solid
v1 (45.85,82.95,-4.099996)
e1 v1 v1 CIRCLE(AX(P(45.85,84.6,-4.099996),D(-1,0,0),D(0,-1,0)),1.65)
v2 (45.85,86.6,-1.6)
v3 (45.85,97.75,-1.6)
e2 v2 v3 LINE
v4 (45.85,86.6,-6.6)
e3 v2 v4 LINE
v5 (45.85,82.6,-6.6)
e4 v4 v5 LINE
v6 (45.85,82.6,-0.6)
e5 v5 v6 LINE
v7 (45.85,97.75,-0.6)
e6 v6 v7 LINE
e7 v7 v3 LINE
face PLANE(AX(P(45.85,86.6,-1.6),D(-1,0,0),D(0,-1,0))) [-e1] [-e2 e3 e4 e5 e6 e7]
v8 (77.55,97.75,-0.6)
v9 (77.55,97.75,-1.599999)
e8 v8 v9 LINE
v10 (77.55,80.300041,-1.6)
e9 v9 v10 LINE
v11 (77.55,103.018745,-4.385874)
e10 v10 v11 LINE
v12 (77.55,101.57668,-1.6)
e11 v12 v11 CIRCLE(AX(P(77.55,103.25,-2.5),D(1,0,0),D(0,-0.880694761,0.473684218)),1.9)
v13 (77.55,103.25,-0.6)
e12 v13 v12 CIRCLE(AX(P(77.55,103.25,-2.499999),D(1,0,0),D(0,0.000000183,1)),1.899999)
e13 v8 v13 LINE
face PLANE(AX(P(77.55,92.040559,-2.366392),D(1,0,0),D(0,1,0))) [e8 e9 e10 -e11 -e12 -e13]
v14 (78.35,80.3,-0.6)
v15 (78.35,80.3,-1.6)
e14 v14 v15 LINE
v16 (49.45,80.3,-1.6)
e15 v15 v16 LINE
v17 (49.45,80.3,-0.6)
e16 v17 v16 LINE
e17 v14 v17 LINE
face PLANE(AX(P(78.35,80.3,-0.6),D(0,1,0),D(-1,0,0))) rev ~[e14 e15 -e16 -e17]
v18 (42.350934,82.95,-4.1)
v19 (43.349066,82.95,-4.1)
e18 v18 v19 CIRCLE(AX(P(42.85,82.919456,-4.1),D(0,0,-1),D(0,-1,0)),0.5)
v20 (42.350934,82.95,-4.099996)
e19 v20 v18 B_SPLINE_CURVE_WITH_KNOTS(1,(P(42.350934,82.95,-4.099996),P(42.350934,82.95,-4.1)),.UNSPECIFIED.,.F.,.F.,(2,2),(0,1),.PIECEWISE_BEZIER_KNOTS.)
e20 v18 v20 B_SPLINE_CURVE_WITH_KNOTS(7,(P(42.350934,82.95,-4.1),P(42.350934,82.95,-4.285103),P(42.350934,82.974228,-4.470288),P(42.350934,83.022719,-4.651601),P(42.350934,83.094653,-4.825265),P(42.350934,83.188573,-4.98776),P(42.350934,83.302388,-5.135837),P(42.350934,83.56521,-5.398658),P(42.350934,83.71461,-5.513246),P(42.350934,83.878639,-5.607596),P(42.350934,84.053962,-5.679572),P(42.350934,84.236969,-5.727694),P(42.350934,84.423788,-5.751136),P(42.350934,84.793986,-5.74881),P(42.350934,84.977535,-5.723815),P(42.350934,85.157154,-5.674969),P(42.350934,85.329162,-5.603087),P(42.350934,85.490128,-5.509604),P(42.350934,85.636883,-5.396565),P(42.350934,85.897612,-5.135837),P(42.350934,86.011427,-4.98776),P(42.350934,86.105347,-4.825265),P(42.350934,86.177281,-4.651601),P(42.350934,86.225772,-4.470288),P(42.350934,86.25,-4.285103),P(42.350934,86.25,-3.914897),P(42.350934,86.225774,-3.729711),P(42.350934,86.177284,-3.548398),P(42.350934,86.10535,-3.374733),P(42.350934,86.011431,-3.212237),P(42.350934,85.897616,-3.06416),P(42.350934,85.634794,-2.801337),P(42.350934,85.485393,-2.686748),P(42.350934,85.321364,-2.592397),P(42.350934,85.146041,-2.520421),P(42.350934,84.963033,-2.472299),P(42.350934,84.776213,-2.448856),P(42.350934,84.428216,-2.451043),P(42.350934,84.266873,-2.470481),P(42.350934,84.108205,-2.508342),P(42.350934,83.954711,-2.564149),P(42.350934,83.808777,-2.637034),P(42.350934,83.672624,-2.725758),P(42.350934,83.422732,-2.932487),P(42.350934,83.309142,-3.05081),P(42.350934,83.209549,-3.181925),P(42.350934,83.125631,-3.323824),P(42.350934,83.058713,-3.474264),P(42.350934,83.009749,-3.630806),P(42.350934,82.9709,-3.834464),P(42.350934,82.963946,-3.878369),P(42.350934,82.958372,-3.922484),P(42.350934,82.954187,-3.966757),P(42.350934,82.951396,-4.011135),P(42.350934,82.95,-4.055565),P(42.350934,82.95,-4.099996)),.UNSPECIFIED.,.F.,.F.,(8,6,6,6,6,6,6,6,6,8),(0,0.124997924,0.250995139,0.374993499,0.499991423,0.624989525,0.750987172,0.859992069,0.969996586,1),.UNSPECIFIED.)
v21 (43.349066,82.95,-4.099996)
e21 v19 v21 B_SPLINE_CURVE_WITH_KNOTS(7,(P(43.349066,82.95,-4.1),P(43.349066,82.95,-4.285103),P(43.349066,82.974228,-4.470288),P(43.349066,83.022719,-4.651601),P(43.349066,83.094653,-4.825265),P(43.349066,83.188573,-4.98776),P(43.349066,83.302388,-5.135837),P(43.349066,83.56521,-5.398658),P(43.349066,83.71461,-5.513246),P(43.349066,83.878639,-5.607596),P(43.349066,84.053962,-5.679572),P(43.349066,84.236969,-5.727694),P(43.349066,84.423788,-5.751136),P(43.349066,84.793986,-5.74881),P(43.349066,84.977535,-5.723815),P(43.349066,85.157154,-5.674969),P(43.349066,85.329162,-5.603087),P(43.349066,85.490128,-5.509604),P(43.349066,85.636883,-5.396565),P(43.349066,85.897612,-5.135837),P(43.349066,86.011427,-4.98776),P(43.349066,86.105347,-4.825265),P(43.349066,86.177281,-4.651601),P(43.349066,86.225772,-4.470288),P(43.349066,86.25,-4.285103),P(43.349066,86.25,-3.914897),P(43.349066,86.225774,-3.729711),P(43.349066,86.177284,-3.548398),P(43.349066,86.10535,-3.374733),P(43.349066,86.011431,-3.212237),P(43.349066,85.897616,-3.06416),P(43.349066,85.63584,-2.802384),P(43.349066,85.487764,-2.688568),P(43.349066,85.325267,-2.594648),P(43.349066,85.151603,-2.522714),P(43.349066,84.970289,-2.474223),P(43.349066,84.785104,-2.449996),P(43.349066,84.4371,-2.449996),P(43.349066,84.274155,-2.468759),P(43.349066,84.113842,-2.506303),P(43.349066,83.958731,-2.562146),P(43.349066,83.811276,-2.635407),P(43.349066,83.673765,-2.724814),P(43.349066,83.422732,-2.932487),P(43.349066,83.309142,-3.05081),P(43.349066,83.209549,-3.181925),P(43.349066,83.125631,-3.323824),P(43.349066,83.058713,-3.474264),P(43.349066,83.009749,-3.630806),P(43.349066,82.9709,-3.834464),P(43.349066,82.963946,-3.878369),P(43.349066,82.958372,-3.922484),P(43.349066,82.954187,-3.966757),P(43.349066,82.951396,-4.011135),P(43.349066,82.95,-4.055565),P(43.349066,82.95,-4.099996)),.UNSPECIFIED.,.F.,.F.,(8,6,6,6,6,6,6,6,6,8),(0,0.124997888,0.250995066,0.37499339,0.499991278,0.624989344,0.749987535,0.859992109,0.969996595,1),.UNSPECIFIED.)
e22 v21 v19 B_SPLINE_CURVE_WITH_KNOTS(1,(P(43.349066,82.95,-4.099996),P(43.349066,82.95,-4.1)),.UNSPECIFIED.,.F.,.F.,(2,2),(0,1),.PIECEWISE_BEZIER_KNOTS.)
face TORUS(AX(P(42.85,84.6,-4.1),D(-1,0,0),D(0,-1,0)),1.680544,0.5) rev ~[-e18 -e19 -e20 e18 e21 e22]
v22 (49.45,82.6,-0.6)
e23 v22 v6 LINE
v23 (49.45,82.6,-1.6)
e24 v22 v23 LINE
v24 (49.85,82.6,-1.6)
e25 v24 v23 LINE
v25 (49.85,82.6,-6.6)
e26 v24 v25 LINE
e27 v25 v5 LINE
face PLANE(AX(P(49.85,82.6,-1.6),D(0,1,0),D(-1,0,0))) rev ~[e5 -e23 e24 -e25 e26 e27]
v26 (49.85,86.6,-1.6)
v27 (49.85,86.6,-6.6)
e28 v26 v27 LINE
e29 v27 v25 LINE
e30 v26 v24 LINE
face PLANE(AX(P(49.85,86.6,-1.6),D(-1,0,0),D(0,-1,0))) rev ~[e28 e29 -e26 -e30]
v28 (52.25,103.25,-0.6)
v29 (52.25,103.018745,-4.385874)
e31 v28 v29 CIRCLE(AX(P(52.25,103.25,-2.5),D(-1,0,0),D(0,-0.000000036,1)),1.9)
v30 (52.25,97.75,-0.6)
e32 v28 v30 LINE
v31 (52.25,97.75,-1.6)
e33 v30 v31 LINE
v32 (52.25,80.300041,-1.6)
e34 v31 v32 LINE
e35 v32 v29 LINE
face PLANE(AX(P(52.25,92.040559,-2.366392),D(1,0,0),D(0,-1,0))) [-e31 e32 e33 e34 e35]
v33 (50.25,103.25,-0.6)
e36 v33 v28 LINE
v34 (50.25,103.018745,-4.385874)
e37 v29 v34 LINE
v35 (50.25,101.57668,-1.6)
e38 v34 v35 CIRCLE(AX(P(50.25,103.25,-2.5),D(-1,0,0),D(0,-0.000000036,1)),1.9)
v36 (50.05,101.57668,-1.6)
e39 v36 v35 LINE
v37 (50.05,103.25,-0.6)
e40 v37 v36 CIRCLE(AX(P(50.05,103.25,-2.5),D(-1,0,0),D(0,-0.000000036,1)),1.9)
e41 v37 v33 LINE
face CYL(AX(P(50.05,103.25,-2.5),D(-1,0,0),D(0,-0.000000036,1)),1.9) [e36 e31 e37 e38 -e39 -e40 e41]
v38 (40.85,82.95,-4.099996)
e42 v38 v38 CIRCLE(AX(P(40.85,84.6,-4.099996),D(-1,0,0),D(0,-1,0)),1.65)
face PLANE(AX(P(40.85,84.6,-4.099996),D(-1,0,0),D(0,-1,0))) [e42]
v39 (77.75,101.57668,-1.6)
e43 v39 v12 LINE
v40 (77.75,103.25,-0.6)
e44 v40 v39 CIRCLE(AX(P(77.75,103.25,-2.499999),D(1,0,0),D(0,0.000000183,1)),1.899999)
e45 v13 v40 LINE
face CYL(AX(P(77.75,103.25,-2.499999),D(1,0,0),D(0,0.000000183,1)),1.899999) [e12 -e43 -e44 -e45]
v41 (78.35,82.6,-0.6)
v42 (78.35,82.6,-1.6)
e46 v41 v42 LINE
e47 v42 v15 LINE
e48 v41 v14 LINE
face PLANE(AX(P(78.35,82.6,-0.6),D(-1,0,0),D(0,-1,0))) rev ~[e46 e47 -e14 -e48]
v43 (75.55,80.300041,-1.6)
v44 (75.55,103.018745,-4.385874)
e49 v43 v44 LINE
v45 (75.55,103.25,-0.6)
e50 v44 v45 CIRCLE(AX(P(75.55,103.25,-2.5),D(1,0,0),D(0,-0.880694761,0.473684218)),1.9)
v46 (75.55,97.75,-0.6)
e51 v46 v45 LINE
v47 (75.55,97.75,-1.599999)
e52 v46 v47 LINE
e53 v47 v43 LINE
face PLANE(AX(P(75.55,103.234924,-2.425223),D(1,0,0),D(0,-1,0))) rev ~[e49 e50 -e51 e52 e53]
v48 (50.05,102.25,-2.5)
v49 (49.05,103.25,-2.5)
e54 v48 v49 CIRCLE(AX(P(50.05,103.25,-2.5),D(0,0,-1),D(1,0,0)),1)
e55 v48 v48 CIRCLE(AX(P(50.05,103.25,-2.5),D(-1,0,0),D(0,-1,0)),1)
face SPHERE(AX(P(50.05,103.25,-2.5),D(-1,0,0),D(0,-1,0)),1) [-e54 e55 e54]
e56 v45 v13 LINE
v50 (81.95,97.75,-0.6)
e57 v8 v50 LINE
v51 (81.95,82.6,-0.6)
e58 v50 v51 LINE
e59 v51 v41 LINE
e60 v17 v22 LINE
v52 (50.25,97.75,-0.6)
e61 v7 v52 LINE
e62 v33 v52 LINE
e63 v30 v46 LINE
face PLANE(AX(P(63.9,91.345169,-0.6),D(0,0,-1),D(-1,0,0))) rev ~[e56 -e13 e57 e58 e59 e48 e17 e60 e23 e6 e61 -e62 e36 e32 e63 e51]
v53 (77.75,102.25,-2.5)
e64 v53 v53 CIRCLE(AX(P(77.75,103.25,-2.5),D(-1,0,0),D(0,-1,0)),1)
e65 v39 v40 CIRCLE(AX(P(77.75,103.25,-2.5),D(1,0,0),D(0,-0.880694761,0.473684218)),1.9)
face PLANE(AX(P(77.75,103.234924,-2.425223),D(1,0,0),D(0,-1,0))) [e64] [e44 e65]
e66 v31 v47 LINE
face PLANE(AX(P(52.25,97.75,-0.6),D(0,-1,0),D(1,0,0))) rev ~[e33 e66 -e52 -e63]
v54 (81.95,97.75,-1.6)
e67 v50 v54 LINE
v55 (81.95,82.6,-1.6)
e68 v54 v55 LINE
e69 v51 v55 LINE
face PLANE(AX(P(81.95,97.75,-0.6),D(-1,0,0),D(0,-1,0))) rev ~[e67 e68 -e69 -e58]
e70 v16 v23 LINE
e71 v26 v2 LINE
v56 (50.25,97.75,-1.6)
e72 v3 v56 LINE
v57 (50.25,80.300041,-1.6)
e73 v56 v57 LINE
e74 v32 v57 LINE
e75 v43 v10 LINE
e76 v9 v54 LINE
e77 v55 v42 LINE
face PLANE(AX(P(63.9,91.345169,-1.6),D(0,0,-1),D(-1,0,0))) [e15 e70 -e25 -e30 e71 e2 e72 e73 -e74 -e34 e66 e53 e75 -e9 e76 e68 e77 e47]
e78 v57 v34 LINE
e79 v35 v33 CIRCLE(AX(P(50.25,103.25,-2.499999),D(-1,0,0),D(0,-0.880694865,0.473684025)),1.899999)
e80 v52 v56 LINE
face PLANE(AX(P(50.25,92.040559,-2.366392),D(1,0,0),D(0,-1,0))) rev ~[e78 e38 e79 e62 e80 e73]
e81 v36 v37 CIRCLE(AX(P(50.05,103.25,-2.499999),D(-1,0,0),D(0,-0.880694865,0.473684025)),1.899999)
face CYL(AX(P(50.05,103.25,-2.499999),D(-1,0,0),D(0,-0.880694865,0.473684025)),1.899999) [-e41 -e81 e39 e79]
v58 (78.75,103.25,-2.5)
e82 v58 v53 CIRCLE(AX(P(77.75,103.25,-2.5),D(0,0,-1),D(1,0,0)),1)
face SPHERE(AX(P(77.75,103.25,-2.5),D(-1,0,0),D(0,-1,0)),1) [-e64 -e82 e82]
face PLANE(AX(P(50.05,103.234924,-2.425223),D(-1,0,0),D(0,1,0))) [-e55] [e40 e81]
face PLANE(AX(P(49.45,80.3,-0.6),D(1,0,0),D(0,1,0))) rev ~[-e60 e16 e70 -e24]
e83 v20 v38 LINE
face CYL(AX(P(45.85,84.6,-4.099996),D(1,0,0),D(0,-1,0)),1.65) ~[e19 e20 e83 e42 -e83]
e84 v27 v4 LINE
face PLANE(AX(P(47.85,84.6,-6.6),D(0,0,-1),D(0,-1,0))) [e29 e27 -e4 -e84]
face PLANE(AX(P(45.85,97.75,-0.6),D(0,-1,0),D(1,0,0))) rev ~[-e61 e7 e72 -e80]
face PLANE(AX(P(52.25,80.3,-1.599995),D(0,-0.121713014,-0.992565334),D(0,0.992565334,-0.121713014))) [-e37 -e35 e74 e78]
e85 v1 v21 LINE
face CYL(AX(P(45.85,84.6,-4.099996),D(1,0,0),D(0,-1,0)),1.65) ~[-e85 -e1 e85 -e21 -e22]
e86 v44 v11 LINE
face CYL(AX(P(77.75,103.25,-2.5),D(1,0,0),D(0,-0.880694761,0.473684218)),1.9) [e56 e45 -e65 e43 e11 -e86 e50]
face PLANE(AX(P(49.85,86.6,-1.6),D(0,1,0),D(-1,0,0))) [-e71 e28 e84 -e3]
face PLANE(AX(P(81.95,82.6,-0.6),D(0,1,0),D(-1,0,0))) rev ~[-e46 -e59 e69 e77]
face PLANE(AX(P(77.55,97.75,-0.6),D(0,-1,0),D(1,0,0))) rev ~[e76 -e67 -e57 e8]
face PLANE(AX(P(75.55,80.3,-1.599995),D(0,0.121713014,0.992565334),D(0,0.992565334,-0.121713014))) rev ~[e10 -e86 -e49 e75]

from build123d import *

# Parameters (mm, degrees)
PAD038_DEPTH             = 1
PAD039_DEPTH             = 2.2
POCKET022_DEPTH          = 0.2
PAD040_DEPTH             = 2.2
POCKET023_DEPTH          = 0.2
SKETCH063_W              = 4
SKETCH063_H              = 4
PAD041_DEPTH             = 5
SKETCH064_R              = 1.65
PAD042_DEPTH             = 5
SKETCH065_R              = 0.5
PAD084_DEPTH             = 2
PAD085_DEPTH             = 2
CLONE003_PLACEMENT_ANGLE = 180


with BuildPart() as part:
    # Sketch058 (on DatumPlane) → Pad038 (new body)
    with BuildSketch(Plane(origin=(0, 0, -0.6), x_dir=(1, 0, 0), z_dir=(0, 0, -1))):
        Polygon((45.85, -61.65), (45.85, -76.8), (49.45, -76.8), (49.45, -79.1), (78.35, -79.1), (78.35, -76.8), (81.95, -76.8), (81.95, -61.65), (77.55, -61.65), (77.55, -58.65), (77.75, -58.65), (77.75, -56.15), (75.55, -56.15), (75.55, -61.65), (52.25, -61.65), (52.25, -56.15), (50.05, -56.15), (50.05, -58.65), (50.25, -58.65), (50.25, -61.65), align=None)
    extrude(amount=PAD038_DEPTH)

    # Sketch059 (on Face17 of Pad038) → Pad039 (join)
    with BuildSketch(Plane(origin=(50.05, 0, -0.6), x_dir=(0, 1, 0), z_dir=(-1, 0, 0))):
        with BuildLine():
            ThreePointArc((57.82332, 1), (55.175321, 3.530951), (56.15, 0))
            Line((56.15, 1), (56.15, 0))
            Line((57.82332, 1), (56.15, 1))
        make_face()
    extrude(amount=-PAD039_DEPTH)

    # Sketch060 (on Face22 of Pad039) → Pocket022 (cut)
    with BuildSketch(Plane(origin=(50.05, 0, -0.6), x_dir=(0, 1, 0), z_dir=(-1, 0, 0))):
        with BuildLine():
            ThreePointArc((56.15, 0), (57.124679, 0.269049), (57.82332, 1))
            Line((57.82332, 1), (58.65, 1))
            Line((58.65, 1), (58.65, 0))
            Line((58.65, 0), (56.15, 0))
        make_face()
    extrude(amount=-POCKET022_DEPTH, mode=Mode.SUBTRACT)

    # Sketch061 (on Face14 of Pocket022) → Pad040 (join)
    with BuildSketch(Plane(origin=(77.75, 0, -0.6), x_dir=(0, -1, 0), z_dir=(1, 0, 0))):
        with BuildLine():
            ThreePointArc((-56.15, 0), (-55.175321, 3.530951), (-57.82332, 1))
            Line((-57.82332, 1), (-56.15, 1))
            Line((-56.15, 1), (-56.15, 0))
        make_face()
    extrude(amount=-PAD040_DEPTH)

    # Sketch062 (on Face20 of Pad040) → Pocket023 (cut)
    with BuildSketch(Plane(origin=(77.75, 0, -0.6), x_dir=(0, -1, 0), z_dir=(1, 0, 0))):
        with BuildLine():
            ThreePointArc((-57.82332, 1), (-57.124679, 0.269049), (-56.15, 0))
            Line((-58.65, 0), (-56.15, 0))
            Line((-58.65, 1), (-58.65, 0))
            Line((-57.82332, 1), (-58.65, 1))
        make_face()
    extrude(amount=-POCKET023_DEPTH, mode=Mode.SUBTRACT)

    # Sphere004 → Sphere004 (revolve)
    with BuildSketch(Plane(origin=(50.05, 56.15, -2.5), x_dir=(0, 1, 0), z_dir=(0, 0, -1))):
        with BuildLine():
            ThreePointArc((0, -1), (1, 0), (0, 1))
            Line((0, 1), (0, -1))
        make_face()
    revolve(axis=Axis((50.05, 56.15, -2.5), (1, 0, 0)))

    # Sphere005 → Sphere005 (revolve)
    with BuildSketch(Plane(origin=(77.75, 56.15, -2.5), x_dir=(0, 1, 0), z_dir=(0, 0, -1))):
        with BuildLine():
            ThreePointArc((0, -1), (1, 0), (0, 1))
            Line((0, 1), (0, -1))
        make_face()
    revolve(axis=Axis((77.75, 56.15, -2.5), (1, 0, 0)))

    # Sketch063 (on Face5 of Sphere005) → Pad041 (join)
    with BuildSketch(Plane(origin=(77.75, 56.15, -1.6), x_dir=(0, 1, 0), z_dir=(0, 0, -1))):
        with Locations((18.65, 2.2)):
            Rectangle(SKETCH063_W, SKETCH063_H)
    extrude(amount=PAD041_DEPTH)

    # Sketch064 (on Face25 of Pad041) → Pad042 (join)
    with BuildSketch(Plane(origin=(81.95, 56.15, -2.5), x_dir=(0, 1, 0), z_dir=(1, 0, 0))):
        with Locations((18.65, -1.599996)):
            Circle(SKETCH064_R)
    extrude(amount=PAD042_DEPTH)

    # Sketch065 (on DatumPlane) → Groove002 (revolve, cut)
    with BuildSketch(Plane(origin=(84.45, 74.8, -4.1), x_dir=(0, 1, 0), z_dir=(0, 0, -1))):
        with Locations((1.680544, 0.5)):
            Circle(SKETCH065_R)
    revolve(axis=Axis((84.45, 74.8, -4.1), (1, 0, 0)), mode=Mode.SUBTRACT)

    # Sketch107 (on Face17 of Groove002) → Pad084 (join)
    with BuildSketch(Plane(origin=(52.25, 56.15, -2.5), x_dir=(0, 1, 0), z_dir=(1, 0, 0))):
        Polygon((22.95, 0.900005), (0.231255, -1.885874), (1.67332, 0.9), align=None)
    extrude(amount=-PAD084_DEPTH)

    # Sketch108 (on Face14 of Pad084) → Pad085 (join)
    with BuildSketch(Plane(origin=(75.55, 56.15, -2.5), x_dir=(0, 1, 0), z_dir=(-1, 0, 0))):
        Polygon((1.67332, -0.9), (22.95, -0.900005), (0.231255, 1.885874), align=None)
    extrude(amount=-PAD085_DEPTH)


with BuildPart() as part_1:
    # Clone003 placement: moved
    add(part.part.moved(Location((91.8, 159.4, 0))).rotate(Axis((91.8, 159.4, 0), (0, 0, -1)), CLONE003_PLACEMENT_ANGLE))


with BuildPart() as part_2:
    # Body021 placement: moved
    add(part_1.part.moved(Location((36, 0, 0))))


solid = part_2.part
